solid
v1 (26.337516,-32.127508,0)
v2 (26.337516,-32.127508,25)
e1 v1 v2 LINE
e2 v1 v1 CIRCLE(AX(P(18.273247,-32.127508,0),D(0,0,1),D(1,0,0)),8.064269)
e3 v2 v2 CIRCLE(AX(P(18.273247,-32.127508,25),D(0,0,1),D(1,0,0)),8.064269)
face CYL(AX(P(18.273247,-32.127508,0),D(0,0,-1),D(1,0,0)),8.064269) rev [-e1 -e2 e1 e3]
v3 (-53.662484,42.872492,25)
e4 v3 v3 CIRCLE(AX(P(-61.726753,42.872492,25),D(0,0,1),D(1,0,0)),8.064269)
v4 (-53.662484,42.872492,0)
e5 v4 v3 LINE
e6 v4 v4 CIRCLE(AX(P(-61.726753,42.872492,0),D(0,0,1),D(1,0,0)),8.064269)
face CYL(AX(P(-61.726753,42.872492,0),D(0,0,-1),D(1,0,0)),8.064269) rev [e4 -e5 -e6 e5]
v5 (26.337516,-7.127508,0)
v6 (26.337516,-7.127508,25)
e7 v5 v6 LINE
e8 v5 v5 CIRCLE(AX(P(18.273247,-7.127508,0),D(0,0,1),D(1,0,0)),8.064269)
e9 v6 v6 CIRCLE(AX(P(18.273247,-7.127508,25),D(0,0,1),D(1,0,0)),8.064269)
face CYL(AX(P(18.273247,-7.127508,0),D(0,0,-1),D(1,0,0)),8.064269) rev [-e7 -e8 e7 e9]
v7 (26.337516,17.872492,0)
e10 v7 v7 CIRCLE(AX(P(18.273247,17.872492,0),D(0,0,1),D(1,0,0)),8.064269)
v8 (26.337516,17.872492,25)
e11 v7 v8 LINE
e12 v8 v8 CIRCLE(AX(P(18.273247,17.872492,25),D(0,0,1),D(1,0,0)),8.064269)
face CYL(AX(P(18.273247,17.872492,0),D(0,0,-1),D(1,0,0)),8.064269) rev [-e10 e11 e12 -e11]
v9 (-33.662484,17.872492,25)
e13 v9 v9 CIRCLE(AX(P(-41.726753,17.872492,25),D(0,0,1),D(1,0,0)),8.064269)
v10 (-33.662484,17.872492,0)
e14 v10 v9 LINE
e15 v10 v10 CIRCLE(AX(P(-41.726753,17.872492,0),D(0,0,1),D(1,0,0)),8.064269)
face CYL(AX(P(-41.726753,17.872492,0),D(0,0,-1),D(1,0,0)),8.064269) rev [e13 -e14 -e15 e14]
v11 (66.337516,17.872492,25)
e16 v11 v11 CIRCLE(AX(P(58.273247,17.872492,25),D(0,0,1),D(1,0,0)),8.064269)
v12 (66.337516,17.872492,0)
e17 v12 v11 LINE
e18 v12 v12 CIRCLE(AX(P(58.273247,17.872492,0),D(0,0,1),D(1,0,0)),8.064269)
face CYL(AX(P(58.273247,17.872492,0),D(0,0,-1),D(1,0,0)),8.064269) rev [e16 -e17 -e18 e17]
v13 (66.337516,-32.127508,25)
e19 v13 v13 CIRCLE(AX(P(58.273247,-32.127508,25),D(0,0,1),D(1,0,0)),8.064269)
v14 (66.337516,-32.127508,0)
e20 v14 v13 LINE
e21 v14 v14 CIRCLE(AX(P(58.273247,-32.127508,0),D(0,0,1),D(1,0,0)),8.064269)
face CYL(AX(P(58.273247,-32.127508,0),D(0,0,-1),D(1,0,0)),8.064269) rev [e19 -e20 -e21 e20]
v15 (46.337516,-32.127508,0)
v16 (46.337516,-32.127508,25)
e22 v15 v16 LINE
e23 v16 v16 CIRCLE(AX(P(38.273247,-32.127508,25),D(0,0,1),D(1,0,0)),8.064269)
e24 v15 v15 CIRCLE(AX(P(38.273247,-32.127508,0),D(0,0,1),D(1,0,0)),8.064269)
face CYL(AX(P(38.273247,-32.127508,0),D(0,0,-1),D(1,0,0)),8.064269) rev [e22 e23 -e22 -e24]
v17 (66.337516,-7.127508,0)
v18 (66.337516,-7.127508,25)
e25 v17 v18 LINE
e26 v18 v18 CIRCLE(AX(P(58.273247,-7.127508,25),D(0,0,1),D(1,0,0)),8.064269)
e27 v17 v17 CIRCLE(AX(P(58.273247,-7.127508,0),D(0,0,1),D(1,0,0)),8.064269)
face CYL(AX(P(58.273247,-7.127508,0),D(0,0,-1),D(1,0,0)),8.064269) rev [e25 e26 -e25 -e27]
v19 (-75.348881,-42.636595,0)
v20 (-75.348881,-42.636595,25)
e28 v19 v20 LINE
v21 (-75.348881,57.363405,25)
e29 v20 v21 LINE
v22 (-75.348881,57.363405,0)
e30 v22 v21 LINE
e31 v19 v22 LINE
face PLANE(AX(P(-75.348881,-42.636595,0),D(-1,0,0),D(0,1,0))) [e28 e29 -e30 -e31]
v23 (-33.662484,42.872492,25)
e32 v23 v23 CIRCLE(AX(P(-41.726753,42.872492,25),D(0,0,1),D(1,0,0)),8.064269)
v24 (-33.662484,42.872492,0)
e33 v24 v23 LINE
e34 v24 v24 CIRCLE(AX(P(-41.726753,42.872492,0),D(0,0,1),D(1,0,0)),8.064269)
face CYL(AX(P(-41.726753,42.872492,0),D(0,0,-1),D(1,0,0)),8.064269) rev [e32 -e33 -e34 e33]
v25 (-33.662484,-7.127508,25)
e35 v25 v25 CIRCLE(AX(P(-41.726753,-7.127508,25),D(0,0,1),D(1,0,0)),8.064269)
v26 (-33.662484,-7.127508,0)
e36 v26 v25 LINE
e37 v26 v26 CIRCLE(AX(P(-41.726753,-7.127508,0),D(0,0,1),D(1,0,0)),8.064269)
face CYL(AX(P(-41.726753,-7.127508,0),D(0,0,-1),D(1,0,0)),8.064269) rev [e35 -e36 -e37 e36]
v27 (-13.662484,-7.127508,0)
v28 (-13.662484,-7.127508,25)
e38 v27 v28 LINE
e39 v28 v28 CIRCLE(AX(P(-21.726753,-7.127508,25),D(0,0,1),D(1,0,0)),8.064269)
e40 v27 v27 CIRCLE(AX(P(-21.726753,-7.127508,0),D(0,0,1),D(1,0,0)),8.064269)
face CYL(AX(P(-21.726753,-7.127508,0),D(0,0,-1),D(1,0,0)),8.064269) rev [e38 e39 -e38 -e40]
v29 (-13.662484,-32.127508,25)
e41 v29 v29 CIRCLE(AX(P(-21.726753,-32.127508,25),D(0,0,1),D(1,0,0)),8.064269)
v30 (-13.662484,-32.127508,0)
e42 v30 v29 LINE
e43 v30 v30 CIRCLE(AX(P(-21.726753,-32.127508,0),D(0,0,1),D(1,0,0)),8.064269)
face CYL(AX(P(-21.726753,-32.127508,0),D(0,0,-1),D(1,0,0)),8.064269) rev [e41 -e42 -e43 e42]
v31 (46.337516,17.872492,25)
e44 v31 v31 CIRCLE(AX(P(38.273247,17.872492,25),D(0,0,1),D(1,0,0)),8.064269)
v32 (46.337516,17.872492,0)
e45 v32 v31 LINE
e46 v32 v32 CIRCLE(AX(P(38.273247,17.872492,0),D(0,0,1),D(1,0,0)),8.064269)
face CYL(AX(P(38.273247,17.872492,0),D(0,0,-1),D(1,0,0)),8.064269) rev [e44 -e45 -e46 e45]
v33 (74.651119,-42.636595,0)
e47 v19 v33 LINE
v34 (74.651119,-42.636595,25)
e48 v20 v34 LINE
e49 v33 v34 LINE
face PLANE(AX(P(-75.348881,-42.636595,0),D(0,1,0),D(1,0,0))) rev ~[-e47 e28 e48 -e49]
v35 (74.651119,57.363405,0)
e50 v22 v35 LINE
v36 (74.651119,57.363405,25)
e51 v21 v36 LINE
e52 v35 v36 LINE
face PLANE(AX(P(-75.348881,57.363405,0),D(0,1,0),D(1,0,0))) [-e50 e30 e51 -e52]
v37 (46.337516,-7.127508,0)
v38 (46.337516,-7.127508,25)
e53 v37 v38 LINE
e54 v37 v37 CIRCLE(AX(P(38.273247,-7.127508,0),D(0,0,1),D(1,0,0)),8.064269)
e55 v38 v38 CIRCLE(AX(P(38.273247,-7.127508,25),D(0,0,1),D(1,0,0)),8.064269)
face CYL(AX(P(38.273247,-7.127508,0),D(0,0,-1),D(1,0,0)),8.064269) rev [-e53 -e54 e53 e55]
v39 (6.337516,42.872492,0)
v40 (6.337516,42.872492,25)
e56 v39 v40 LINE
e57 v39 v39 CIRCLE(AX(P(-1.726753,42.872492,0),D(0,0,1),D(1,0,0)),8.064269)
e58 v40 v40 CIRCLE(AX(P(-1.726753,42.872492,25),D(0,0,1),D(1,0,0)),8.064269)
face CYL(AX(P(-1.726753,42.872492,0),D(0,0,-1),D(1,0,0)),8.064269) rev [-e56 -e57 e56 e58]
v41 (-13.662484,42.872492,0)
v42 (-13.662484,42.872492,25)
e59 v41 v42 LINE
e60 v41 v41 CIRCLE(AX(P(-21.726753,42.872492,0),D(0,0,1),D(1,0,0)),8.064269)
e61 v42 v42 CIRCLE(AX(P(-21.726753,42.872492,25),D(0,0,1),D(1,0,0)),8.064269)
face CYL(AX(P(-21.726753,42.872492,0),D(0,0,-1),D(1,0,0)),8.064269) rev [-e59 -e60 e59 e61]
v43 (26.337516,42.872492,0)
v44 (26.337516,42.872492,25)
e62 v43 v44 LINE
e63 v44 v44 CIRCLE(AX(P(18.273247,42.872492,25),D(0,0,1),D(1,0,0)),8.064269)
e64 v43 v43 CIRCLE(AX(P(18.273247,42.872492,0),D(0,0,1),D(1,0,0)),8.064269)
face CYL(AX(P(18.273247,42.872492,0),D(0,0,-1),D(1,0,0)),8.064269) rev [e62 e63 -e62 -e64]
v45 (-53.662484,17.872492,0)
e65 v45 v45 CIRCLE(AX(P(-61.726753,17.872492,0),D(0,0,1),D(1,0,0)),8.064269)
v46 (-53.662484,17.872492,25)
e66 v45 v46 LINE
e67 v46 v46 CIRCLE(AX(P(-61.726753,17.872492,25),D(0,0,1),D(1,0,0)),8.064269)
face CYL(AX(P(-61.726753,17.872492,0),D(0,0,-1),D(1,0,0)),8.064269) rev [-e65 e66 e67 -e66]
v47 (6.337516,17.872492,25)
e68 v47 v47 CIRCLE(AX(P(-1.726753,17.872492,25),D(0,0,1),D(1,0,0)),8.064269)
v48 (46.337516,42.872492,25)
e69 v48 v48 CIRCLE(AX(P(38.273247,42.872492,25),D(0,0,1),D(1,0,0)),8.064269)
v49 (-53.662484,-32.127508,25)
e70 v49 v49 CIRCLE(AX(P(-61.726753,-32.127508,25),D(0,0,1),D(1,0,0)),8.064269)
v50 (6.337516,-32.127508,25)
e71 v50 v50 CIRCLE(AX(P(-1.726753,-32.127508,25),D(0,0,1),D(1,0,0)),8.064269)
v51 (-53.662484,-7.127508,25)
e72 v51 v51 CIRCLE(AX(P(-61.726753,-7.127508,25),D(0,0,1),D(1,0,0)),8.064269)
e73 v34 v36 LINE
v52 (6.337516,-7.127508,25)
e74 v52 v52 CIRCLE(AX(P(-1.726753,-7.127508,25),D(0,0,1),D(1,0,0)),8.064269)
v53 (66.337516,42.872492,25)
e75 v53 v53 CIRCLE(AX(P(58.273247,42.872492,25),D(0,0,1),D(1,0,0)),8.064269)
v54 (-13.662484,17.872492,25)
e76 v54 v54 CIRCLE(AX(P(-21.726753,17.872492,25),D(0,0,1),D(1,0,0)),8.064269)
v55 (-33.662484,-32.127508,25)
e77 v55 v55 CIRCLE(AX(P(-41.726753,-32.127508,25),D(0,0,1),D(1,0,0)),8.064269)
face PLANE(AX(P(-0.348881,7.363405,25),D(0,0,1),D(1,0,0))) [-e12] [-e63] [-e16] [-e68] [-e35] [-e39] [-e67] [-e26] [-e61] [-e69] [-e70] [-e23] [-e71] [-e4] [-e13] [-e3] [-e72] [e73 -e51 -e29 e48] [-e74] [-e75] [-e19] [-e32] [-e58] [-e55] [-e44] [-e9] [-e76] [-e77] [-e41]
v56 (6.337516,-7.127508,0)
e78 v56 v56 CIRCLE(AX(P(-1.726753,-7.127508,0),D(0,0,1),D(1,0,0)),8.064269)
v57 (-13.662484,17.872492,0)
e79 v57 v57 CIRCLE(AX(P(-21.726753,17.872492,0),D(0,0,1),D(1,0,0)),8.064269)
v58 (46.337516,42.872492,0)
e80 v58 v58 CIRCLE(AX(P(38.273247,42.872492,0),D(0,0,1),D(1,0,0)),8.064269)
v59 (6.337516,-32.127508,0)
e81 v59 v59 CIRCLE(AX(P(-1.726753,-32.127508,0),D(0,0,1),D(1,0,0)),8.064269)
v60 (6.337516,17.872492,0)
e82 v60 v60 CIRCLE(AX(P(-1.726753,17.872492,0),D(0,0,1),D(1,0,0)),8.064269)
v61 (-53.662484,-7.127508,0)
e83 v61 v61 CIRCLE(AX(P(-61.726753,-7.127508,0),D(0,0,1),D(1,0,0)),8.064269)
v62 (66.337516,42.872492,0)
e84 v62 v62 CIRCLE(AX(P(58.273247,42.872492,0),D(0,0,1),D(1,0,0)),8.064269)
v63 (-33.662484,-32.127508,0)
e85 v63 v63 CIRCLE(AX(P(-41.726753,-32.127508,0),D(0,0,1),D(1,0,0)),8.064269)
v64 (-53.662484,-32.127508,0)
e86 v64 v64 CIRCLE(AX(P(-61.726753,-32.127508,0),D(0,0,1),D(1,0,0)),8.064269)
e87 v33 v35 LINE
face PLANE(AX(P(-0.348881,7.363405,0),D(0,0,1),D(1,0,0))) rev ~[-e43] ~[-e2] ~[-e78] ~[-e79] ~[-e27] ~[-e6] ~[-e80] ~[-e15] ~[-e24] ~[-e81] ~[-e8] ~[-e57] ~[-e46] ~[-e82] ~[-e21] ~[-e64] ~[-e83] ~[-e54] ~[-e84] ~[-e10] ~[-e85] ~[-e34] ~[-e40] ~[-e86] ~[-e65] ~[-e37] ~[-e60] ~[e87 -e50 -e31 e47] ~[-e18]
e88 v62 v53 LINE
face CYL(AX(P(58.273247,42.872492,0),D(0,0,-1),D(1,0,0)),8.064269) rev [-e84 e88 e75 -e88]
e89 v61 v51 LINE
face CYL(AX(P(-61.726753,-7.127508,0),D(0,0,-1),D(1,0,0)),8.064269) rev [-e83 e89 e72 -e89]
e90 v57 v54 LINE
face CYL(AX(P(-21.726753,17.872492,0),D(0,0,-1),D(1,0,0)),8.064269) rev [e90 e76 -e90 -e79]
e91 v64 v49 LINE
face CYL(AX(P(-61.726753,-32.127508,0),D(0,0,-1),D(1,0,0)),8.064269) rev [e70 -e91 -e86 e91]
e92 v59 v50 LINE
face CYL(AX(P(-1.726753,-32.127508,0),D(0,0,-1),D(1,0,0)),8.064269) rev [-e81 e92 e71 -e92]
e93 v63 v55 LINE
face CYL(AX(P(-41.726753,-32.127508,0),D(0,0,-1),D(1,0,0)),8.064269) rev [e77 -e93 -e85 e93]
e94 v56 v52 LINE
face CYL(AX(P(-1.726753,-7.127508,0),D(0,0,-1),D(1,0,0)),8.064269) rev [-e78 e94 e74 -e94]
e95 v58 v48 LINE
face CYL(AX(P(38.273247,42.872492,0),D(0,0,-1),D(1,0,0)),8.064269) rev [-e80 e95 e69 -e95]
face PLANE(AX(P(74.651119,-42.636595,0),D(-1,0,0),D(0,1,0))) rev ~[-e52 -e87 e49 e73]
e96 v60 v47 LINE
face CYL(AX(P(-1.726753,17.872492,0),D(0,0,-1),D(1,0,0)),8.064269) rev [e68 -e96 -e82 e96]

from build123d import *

# Parameters (mm, degrees)
F0_W     = 150
F0_H     = 100
F0_R     = 8.064269
F1_DEPTH = 25


with BuildPart() as f1:
    # F0 (on Top) → F1 (new body)
    with BuildSketch(Plane.XY):
        with Locations((-0.348881, 7.363405)):
            Rectangle(F0_W, F0_H)
        with Locations((-61.726753, -32.127508)):
            Circle(F0_R, mode=Mode.SUBTRACT)
        with Locations((-41.726753, -32.127508)):
            Circle(F0_R, mode=Mode.SUBTRACT)
        with Locations((-21.726753, -32.127508)):
            Circle(F0_R, mode=Mode.SUBTRACT)
        with Locations((-1.726753, -32.127508)):
            Circle(F0_R, mode=Mode.SUBTRACT)
        with Locations((-61.726753, -7.127508)):
            Circle(F0_R, mode=Mode.SUBTRACT)
        with Locations((-41.726753, -7.127508)):
            Circle(F0_R, mode=Mode.SUBTRACT)
        with Locations((-21.726753, -7.127508)):
            Circle(F0_R, mode=Mode.SUBTRACT)
        with Locations((-1.726753, -7.127508)):
            Circle(F0_R, mode=Mode.SUBTRACT)
        with Locations((18.273247, -32.127508)):
            Circle(F0_R, mode=Mode.SUBTRACT)
        with Locations((38.273247, -32.127508)):
            Circle(F0_R, mode=Mode.SUBTRACT)
        with Locations((58.273247, -32.127508)):
            Circle(F0_R, mode=Mode.SUBTRACT)
        with Locations((18.273247, -7.127508)):
            Circle(F0_R, mode=Mode.SUBTRACT)
        with Locations((38.273247, -7.127508)):
            Circle(F0_R, mode=Mode.SUBTRACT)
        with Locations((58.273247, -7.127508)):
            Circle(F0_R, mode=Mode.SUBTRACT)
        with Locations((-61.726753, 17.872492)):
            Circle(F0_R, mode=Mode.SUBTRACT)
        with Locations((-41.726753, 17.872492)):
            Circle(F0_R, mode=Mode.SUBTRACT)
        with Locations((-21.726753, 17.872492)):
            Circle(F0_R, mode=Mode.SUBTRACT)
        with Locations((-1.726753, 17.872492)):
            Circle(F0_R, mode=Mode.SUBTRACT)
        with Locations((-61.726753, 42.872492)):
            Circle(F0_R, mode=Mode.SUBTRACT)
        with Locations((-41.726753, 42.872492)):
            Circle(F0_R, mode=Mode.SUBTRACT)
        with Locations((-21.726753, 42.872492)):
            Circle(F0_R, mode=Mode.SUBTRACT)
        with Locations((-1.726753, 42.872492)):
            Circle(F0_R, mode=Mode.SUBTRACT)
        with Locations((18.273247, 17.872492)):
            Circle(F0_R, mode=Mode.SUBTRACT)
        with Locations((38.273247, 17.872492)):
            Circle(F0_R, mode=Mode.SUBTRACT)
        with Locations((58.273247, 17.872492)):
            Circle(F0_R, mode=Mode.SUBTRACT)
        with Locations((18.273247, 42.872492)):
            Circle(F0_R, mode=Mode.SUBTRACT)
        with Locations((38.273247, 42.872492)):
            Circle(F0_R, mode=Mode.SUBTRACT)
        with Locations((58.273247, 42.872492)):
            Circle(F0_R, mode=Mode.SUBTRACT)
    extrude(amount=F1_DEPTH)


solid = f1.part
